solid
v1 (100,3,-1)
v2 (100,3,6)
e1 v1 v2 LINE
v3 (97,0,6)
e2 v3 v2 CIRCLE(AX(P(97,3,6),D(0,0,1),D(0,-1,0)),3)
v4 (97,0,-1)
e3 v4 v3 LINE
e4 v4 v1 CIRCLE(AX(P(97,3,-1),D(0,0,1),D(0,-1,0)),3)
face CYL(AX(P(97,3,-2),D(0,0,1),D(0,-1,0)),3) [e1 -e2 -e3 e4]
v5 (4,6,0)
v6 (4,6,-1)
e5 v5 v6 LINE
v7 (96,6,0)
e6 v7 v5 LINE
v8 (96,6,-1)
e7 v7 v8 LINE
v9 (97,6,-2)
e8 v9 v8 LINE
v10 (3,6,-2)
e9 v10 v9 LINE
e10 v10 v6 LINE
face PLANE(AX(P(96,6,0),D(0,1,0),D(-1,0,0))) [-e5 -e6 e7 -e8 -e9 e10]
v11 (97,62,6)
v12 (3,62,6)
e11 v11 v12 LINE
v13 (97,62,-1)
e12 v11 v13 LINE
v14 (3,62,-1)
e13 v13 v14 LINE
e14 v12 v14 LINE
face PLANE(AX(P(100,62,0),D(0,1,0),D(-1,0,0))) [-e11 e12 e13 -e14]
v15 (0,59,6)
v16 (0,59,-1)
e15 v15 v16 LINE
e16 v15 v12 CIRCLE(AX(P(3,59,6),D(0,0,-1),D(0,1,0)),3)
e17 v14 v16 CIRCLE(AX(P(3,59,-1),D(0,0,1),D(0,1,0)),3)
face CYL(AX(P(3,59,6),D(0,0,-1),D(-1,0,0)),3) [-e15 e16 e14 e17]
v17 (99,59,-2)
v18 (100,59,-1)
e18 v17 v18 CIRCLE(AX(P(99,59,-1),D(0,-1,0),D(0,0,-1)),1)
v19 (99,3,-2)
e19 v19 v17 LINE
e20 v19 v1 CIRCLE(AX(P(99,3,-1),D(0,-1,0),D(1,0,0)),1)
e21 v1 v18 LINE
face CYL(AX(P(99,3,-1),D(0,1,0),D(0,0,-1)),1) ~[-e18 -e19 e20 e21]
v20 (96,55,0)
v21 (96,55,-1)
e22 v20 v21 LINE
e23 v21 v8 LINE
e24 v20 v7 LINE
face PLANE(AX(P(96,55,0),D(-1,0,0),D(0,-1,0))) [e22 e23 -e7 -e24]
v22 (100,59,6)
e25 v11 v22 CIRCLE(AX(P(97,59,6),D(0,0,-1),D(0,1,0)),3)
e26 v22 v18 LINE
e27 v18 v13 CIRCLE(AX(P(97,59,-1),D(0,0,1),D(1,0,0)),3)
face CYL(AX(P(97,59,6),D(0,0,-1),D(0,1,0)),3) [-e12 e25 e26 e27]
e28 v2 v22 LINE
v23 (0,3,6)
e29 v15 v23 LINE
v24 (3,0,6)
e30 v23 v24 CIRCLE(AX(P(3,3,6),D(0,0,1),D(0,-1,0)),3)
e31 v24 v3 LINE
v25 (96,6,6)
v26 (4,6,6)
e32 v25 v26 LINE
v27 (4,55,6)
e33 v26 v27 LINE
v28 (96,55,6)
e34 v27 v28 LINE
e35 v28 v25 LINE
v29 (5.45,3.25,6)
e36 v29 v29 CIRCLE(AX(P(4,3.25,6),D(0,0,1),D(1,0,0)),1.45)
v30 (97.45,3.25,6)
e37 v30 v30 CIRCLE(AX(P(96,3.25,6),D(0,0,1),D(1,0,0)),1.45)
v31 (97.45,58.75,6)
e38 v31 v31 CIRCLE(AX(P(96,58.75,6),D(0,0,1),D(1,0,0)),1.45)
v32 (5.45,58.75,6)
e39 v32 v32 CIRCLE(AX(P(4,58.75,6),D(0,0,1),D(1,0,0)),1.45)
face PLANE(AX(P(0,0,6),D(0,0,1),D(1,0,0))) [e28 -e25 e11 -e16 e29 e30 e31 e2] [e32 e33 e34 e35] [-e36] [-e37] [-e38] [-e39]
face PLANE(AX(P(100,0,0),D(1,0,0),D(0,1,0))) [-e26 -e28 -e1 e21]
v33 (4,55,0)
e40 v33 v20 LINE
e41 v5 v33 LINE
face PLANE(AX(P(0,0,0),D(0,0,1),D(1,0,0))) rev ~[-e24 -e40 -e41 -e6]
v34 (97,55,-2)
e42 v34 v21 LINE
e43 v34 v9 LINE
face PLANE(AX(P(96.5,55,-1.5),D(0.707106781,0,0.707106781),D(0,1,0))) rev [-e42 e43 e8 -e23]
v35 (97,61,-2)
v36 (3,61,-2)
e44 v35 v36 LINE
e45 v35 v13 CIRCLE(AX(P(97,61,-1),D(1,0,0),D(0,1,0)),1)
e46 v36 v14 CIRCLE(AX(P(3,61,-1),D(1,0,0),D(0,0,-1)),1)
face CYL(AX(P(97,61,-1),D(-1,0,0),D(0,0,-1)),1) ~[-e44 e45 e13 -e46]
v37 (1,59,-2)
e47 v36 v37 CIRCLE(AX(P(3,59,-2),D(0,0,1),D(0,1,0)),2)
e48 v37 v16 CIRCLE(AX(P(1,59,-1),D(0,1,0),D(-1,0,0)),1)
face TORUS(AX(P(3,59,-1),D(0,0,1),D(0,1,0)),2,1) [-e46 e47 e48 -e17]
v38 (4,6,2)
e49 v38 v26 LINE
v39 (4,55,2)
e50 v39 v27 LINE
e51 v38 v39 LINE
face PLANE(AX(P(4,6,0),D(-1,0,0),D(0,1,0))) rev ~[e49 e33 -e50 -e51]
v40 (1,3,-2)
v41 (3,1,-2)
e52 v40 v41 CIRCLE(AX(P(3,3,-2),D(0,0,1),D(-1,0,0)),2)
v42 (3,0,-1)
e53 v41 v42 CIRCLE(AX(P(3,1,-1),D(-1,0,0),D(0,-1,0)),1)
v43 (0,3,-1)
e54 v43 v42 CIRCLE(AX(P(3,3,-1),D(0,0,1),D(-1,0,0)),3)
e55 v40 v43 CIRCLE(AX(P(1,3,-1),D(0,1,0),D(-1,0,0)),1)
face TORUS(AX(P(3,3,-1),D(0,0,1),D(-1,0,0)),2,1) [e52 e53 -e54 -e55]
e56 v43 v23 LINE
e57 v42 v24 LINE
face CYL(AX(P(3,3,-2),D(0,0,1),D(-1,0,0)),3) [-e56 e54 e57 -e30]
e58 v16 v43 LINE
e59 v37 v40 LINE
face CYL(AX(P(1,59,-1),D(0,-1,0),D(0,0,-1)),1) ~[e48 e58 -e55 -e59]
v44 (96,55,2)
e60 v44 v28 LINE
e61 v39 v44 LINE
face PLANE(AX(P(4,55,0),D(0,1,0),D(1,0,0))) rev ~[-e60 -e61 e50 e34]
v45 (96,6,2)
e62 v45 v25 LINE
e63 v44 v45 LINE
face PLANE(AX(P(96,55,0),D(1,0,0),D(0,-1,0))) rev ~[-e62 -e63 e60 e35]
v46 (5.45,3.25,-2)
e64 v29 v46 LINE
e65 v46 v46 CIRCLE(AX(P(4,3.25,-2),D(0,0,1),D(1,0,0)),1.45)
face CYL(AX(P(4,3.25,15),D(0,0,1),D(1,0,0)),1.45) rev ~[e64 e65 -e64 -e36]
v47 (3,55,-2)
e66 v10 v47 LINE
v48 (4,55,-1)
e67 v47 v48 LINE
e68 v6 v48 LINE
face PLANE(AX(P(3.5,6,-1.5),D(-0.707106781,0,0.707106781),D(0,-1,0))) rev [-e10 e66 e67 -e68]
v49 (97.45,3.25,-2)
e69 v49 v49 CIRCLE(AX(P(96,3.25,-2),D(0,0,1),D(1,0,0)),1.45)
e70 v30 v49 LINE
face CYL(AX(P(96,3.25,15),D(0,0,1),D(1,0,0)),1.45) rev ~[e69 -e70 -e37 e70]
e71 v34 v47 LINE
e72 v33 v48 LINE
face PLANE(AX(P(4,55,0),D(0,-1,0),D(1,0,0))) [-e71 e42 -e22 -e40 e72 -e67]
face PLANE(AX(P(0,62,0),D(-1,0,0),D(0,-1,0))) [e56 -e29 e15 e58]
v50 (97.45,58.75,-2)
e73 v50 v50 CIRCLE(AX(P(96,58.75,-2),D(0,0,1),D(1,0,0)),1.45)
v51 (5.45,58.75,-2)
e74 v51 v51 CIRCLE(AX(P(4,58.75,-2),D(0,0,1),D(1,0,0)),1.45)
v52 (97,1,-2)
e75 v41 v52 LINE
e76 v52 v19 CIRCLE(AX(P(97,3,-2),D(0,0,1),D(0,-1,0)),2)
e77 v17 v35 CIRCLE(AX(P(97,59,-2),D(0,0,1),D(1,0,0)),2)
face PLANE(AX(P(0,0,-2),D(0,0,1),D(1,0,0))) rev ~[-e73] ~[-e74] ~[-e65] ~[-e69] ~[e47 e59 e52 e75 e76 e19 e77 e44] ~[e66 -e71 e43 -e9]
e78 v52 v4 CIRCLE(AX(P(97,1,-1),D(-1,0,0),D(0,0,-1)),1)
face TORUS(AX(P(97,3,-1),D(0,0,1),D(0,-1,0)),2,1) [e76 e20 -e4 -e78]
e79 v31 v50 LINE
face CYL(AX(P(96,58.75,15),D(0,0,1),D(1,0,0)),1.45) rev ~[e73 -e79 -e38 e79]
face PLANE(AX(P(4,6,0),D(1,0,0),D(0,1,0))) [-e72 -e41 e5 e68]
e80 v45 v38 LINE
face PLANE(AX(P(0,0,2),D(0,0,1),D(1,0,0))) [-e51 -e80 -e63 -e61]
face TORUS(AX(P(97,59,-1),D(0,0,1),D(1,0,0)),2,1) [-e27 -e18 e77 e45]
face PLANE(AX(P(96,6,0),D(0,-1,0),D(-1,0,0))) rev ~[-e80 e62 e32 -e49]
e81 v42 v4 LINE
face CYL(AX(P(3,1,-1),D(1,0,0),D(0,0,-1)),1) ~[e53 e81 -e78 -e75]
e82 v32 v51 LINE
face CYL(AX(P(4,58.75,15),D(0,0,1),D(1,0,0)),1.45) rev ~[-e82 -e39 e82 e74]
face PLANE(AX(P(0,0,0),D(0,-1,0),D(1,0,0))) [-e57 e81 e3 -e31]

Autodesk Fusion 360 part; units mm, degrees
sketch "Sketch1" plane through (0, 0, 0) normal (0, 0, 1) x (1, 0, 0)
  line L0 (0, 0) -> (100, 0)
  line L1 (100, 0) -> (100, 62)
  line L2 (100, 62) -> (0, 62)
  line L3 (0, 62) -> (0, 0)
  line L4 (4, 55) -> (96, 55)
  line L5 (96, 55) -> (96, 6)
  line L6 (96, 6) -> (4, 6)
  line L7 (4, 6) -> (4, 55)
  dimension "d1" = 100
  dimension "d2" = 62
  dimension "d3" = 92
  dimension "d4" = 49
  dimension "d5" = 6
  dimension "d6" = 4
extrude "Extrude1" add sketch "Sketch1" along normal blind 2 contours L4 L5 L6 L7
extrude "Extrude2" add sketch "Sketch1" along normal blind 6
sketch "Sketch2" plane through (0, 0, 0) normal (0, 0, 1) x (1, 0, 0)
  line L0 (96, 52) -> (4, 52)
  line L1 (4, 52) -> (4, 10)
  line L2 (4, 10) -> (96, 10)
  line L3 (96, 10) -> (96, 52)
  line L4 (0, 0) -> (100, 0)
  line L5 (100, 0) -> (100, 62)
  dimension "d11" = 92
  dimension "d12" = 42
  dimension "d13" = 10
  dimension "d14" = 4
extrude "Extrude3" add sketch "Sketch1" against normal blind 2
ref_plane "WorkPlane1" through (0, 0, 15) normal (0, 0, 1) x (1, 0, 0)
sketch "Sketch3" plane through (0, 0, 15) normal (0, 0, 1) x (1, 0, 0)
  circle A0 centre (4, 3.25) radius 1.45
  circle A1 centre (96, 3.25) radius 1.45
  circle A2 centre (96, 58.75) radius 1.45
  circle A3 centre (4, 58.75) radius 1.45
  line L0 (0, 62) -> (0, 0)
  line L1 (0, 0) -> (100, 0)
  line L2 (100, 0) -> (100, 62)
  line L3 (100, 62) -> (0, 62)
  dimension "d18" = 2.9
  dimension "d19" = 2.9
  dimension "d20" = 2.9
  dimension "d21" = 2.9
  dimension "d22" = 4
  dimension "d23" = 3.25
  dimension "d24" = 4
  dimension "d25" = 3.25
  dimension "d26" = 4
  dimension "d27" = 3.25
  dimension "d28" = 4
  dimension "d29" = 3.25
extrude "Extrude4" cut sketch "Sketch3" against normal blind 25 contours A0 | A1 | A2 | A3
fillet "Fillet1" radius 3 4 edges at (100, 62, 2) (100, 0, 2) (0, 62, 2) (0, 0, 2)
fillet "Fillet2" radius 1 8 edges at (0.8787, 0.8787, -2) (0, 31, -2) (0.8787, 61.1213, -2) (50, 62, -2) (99.1213, 61.1213, -2) (100, 31, -2) (99.1213, 0.8787, -2) (50, 0, -2)
chamfer "Chamfer1" distance 1 angle 45 1 edges at (96, 30.5, -2)
chamfer "Chamfer2" distance 1 angle 45 1 edges at (4, 30.5, -2)
